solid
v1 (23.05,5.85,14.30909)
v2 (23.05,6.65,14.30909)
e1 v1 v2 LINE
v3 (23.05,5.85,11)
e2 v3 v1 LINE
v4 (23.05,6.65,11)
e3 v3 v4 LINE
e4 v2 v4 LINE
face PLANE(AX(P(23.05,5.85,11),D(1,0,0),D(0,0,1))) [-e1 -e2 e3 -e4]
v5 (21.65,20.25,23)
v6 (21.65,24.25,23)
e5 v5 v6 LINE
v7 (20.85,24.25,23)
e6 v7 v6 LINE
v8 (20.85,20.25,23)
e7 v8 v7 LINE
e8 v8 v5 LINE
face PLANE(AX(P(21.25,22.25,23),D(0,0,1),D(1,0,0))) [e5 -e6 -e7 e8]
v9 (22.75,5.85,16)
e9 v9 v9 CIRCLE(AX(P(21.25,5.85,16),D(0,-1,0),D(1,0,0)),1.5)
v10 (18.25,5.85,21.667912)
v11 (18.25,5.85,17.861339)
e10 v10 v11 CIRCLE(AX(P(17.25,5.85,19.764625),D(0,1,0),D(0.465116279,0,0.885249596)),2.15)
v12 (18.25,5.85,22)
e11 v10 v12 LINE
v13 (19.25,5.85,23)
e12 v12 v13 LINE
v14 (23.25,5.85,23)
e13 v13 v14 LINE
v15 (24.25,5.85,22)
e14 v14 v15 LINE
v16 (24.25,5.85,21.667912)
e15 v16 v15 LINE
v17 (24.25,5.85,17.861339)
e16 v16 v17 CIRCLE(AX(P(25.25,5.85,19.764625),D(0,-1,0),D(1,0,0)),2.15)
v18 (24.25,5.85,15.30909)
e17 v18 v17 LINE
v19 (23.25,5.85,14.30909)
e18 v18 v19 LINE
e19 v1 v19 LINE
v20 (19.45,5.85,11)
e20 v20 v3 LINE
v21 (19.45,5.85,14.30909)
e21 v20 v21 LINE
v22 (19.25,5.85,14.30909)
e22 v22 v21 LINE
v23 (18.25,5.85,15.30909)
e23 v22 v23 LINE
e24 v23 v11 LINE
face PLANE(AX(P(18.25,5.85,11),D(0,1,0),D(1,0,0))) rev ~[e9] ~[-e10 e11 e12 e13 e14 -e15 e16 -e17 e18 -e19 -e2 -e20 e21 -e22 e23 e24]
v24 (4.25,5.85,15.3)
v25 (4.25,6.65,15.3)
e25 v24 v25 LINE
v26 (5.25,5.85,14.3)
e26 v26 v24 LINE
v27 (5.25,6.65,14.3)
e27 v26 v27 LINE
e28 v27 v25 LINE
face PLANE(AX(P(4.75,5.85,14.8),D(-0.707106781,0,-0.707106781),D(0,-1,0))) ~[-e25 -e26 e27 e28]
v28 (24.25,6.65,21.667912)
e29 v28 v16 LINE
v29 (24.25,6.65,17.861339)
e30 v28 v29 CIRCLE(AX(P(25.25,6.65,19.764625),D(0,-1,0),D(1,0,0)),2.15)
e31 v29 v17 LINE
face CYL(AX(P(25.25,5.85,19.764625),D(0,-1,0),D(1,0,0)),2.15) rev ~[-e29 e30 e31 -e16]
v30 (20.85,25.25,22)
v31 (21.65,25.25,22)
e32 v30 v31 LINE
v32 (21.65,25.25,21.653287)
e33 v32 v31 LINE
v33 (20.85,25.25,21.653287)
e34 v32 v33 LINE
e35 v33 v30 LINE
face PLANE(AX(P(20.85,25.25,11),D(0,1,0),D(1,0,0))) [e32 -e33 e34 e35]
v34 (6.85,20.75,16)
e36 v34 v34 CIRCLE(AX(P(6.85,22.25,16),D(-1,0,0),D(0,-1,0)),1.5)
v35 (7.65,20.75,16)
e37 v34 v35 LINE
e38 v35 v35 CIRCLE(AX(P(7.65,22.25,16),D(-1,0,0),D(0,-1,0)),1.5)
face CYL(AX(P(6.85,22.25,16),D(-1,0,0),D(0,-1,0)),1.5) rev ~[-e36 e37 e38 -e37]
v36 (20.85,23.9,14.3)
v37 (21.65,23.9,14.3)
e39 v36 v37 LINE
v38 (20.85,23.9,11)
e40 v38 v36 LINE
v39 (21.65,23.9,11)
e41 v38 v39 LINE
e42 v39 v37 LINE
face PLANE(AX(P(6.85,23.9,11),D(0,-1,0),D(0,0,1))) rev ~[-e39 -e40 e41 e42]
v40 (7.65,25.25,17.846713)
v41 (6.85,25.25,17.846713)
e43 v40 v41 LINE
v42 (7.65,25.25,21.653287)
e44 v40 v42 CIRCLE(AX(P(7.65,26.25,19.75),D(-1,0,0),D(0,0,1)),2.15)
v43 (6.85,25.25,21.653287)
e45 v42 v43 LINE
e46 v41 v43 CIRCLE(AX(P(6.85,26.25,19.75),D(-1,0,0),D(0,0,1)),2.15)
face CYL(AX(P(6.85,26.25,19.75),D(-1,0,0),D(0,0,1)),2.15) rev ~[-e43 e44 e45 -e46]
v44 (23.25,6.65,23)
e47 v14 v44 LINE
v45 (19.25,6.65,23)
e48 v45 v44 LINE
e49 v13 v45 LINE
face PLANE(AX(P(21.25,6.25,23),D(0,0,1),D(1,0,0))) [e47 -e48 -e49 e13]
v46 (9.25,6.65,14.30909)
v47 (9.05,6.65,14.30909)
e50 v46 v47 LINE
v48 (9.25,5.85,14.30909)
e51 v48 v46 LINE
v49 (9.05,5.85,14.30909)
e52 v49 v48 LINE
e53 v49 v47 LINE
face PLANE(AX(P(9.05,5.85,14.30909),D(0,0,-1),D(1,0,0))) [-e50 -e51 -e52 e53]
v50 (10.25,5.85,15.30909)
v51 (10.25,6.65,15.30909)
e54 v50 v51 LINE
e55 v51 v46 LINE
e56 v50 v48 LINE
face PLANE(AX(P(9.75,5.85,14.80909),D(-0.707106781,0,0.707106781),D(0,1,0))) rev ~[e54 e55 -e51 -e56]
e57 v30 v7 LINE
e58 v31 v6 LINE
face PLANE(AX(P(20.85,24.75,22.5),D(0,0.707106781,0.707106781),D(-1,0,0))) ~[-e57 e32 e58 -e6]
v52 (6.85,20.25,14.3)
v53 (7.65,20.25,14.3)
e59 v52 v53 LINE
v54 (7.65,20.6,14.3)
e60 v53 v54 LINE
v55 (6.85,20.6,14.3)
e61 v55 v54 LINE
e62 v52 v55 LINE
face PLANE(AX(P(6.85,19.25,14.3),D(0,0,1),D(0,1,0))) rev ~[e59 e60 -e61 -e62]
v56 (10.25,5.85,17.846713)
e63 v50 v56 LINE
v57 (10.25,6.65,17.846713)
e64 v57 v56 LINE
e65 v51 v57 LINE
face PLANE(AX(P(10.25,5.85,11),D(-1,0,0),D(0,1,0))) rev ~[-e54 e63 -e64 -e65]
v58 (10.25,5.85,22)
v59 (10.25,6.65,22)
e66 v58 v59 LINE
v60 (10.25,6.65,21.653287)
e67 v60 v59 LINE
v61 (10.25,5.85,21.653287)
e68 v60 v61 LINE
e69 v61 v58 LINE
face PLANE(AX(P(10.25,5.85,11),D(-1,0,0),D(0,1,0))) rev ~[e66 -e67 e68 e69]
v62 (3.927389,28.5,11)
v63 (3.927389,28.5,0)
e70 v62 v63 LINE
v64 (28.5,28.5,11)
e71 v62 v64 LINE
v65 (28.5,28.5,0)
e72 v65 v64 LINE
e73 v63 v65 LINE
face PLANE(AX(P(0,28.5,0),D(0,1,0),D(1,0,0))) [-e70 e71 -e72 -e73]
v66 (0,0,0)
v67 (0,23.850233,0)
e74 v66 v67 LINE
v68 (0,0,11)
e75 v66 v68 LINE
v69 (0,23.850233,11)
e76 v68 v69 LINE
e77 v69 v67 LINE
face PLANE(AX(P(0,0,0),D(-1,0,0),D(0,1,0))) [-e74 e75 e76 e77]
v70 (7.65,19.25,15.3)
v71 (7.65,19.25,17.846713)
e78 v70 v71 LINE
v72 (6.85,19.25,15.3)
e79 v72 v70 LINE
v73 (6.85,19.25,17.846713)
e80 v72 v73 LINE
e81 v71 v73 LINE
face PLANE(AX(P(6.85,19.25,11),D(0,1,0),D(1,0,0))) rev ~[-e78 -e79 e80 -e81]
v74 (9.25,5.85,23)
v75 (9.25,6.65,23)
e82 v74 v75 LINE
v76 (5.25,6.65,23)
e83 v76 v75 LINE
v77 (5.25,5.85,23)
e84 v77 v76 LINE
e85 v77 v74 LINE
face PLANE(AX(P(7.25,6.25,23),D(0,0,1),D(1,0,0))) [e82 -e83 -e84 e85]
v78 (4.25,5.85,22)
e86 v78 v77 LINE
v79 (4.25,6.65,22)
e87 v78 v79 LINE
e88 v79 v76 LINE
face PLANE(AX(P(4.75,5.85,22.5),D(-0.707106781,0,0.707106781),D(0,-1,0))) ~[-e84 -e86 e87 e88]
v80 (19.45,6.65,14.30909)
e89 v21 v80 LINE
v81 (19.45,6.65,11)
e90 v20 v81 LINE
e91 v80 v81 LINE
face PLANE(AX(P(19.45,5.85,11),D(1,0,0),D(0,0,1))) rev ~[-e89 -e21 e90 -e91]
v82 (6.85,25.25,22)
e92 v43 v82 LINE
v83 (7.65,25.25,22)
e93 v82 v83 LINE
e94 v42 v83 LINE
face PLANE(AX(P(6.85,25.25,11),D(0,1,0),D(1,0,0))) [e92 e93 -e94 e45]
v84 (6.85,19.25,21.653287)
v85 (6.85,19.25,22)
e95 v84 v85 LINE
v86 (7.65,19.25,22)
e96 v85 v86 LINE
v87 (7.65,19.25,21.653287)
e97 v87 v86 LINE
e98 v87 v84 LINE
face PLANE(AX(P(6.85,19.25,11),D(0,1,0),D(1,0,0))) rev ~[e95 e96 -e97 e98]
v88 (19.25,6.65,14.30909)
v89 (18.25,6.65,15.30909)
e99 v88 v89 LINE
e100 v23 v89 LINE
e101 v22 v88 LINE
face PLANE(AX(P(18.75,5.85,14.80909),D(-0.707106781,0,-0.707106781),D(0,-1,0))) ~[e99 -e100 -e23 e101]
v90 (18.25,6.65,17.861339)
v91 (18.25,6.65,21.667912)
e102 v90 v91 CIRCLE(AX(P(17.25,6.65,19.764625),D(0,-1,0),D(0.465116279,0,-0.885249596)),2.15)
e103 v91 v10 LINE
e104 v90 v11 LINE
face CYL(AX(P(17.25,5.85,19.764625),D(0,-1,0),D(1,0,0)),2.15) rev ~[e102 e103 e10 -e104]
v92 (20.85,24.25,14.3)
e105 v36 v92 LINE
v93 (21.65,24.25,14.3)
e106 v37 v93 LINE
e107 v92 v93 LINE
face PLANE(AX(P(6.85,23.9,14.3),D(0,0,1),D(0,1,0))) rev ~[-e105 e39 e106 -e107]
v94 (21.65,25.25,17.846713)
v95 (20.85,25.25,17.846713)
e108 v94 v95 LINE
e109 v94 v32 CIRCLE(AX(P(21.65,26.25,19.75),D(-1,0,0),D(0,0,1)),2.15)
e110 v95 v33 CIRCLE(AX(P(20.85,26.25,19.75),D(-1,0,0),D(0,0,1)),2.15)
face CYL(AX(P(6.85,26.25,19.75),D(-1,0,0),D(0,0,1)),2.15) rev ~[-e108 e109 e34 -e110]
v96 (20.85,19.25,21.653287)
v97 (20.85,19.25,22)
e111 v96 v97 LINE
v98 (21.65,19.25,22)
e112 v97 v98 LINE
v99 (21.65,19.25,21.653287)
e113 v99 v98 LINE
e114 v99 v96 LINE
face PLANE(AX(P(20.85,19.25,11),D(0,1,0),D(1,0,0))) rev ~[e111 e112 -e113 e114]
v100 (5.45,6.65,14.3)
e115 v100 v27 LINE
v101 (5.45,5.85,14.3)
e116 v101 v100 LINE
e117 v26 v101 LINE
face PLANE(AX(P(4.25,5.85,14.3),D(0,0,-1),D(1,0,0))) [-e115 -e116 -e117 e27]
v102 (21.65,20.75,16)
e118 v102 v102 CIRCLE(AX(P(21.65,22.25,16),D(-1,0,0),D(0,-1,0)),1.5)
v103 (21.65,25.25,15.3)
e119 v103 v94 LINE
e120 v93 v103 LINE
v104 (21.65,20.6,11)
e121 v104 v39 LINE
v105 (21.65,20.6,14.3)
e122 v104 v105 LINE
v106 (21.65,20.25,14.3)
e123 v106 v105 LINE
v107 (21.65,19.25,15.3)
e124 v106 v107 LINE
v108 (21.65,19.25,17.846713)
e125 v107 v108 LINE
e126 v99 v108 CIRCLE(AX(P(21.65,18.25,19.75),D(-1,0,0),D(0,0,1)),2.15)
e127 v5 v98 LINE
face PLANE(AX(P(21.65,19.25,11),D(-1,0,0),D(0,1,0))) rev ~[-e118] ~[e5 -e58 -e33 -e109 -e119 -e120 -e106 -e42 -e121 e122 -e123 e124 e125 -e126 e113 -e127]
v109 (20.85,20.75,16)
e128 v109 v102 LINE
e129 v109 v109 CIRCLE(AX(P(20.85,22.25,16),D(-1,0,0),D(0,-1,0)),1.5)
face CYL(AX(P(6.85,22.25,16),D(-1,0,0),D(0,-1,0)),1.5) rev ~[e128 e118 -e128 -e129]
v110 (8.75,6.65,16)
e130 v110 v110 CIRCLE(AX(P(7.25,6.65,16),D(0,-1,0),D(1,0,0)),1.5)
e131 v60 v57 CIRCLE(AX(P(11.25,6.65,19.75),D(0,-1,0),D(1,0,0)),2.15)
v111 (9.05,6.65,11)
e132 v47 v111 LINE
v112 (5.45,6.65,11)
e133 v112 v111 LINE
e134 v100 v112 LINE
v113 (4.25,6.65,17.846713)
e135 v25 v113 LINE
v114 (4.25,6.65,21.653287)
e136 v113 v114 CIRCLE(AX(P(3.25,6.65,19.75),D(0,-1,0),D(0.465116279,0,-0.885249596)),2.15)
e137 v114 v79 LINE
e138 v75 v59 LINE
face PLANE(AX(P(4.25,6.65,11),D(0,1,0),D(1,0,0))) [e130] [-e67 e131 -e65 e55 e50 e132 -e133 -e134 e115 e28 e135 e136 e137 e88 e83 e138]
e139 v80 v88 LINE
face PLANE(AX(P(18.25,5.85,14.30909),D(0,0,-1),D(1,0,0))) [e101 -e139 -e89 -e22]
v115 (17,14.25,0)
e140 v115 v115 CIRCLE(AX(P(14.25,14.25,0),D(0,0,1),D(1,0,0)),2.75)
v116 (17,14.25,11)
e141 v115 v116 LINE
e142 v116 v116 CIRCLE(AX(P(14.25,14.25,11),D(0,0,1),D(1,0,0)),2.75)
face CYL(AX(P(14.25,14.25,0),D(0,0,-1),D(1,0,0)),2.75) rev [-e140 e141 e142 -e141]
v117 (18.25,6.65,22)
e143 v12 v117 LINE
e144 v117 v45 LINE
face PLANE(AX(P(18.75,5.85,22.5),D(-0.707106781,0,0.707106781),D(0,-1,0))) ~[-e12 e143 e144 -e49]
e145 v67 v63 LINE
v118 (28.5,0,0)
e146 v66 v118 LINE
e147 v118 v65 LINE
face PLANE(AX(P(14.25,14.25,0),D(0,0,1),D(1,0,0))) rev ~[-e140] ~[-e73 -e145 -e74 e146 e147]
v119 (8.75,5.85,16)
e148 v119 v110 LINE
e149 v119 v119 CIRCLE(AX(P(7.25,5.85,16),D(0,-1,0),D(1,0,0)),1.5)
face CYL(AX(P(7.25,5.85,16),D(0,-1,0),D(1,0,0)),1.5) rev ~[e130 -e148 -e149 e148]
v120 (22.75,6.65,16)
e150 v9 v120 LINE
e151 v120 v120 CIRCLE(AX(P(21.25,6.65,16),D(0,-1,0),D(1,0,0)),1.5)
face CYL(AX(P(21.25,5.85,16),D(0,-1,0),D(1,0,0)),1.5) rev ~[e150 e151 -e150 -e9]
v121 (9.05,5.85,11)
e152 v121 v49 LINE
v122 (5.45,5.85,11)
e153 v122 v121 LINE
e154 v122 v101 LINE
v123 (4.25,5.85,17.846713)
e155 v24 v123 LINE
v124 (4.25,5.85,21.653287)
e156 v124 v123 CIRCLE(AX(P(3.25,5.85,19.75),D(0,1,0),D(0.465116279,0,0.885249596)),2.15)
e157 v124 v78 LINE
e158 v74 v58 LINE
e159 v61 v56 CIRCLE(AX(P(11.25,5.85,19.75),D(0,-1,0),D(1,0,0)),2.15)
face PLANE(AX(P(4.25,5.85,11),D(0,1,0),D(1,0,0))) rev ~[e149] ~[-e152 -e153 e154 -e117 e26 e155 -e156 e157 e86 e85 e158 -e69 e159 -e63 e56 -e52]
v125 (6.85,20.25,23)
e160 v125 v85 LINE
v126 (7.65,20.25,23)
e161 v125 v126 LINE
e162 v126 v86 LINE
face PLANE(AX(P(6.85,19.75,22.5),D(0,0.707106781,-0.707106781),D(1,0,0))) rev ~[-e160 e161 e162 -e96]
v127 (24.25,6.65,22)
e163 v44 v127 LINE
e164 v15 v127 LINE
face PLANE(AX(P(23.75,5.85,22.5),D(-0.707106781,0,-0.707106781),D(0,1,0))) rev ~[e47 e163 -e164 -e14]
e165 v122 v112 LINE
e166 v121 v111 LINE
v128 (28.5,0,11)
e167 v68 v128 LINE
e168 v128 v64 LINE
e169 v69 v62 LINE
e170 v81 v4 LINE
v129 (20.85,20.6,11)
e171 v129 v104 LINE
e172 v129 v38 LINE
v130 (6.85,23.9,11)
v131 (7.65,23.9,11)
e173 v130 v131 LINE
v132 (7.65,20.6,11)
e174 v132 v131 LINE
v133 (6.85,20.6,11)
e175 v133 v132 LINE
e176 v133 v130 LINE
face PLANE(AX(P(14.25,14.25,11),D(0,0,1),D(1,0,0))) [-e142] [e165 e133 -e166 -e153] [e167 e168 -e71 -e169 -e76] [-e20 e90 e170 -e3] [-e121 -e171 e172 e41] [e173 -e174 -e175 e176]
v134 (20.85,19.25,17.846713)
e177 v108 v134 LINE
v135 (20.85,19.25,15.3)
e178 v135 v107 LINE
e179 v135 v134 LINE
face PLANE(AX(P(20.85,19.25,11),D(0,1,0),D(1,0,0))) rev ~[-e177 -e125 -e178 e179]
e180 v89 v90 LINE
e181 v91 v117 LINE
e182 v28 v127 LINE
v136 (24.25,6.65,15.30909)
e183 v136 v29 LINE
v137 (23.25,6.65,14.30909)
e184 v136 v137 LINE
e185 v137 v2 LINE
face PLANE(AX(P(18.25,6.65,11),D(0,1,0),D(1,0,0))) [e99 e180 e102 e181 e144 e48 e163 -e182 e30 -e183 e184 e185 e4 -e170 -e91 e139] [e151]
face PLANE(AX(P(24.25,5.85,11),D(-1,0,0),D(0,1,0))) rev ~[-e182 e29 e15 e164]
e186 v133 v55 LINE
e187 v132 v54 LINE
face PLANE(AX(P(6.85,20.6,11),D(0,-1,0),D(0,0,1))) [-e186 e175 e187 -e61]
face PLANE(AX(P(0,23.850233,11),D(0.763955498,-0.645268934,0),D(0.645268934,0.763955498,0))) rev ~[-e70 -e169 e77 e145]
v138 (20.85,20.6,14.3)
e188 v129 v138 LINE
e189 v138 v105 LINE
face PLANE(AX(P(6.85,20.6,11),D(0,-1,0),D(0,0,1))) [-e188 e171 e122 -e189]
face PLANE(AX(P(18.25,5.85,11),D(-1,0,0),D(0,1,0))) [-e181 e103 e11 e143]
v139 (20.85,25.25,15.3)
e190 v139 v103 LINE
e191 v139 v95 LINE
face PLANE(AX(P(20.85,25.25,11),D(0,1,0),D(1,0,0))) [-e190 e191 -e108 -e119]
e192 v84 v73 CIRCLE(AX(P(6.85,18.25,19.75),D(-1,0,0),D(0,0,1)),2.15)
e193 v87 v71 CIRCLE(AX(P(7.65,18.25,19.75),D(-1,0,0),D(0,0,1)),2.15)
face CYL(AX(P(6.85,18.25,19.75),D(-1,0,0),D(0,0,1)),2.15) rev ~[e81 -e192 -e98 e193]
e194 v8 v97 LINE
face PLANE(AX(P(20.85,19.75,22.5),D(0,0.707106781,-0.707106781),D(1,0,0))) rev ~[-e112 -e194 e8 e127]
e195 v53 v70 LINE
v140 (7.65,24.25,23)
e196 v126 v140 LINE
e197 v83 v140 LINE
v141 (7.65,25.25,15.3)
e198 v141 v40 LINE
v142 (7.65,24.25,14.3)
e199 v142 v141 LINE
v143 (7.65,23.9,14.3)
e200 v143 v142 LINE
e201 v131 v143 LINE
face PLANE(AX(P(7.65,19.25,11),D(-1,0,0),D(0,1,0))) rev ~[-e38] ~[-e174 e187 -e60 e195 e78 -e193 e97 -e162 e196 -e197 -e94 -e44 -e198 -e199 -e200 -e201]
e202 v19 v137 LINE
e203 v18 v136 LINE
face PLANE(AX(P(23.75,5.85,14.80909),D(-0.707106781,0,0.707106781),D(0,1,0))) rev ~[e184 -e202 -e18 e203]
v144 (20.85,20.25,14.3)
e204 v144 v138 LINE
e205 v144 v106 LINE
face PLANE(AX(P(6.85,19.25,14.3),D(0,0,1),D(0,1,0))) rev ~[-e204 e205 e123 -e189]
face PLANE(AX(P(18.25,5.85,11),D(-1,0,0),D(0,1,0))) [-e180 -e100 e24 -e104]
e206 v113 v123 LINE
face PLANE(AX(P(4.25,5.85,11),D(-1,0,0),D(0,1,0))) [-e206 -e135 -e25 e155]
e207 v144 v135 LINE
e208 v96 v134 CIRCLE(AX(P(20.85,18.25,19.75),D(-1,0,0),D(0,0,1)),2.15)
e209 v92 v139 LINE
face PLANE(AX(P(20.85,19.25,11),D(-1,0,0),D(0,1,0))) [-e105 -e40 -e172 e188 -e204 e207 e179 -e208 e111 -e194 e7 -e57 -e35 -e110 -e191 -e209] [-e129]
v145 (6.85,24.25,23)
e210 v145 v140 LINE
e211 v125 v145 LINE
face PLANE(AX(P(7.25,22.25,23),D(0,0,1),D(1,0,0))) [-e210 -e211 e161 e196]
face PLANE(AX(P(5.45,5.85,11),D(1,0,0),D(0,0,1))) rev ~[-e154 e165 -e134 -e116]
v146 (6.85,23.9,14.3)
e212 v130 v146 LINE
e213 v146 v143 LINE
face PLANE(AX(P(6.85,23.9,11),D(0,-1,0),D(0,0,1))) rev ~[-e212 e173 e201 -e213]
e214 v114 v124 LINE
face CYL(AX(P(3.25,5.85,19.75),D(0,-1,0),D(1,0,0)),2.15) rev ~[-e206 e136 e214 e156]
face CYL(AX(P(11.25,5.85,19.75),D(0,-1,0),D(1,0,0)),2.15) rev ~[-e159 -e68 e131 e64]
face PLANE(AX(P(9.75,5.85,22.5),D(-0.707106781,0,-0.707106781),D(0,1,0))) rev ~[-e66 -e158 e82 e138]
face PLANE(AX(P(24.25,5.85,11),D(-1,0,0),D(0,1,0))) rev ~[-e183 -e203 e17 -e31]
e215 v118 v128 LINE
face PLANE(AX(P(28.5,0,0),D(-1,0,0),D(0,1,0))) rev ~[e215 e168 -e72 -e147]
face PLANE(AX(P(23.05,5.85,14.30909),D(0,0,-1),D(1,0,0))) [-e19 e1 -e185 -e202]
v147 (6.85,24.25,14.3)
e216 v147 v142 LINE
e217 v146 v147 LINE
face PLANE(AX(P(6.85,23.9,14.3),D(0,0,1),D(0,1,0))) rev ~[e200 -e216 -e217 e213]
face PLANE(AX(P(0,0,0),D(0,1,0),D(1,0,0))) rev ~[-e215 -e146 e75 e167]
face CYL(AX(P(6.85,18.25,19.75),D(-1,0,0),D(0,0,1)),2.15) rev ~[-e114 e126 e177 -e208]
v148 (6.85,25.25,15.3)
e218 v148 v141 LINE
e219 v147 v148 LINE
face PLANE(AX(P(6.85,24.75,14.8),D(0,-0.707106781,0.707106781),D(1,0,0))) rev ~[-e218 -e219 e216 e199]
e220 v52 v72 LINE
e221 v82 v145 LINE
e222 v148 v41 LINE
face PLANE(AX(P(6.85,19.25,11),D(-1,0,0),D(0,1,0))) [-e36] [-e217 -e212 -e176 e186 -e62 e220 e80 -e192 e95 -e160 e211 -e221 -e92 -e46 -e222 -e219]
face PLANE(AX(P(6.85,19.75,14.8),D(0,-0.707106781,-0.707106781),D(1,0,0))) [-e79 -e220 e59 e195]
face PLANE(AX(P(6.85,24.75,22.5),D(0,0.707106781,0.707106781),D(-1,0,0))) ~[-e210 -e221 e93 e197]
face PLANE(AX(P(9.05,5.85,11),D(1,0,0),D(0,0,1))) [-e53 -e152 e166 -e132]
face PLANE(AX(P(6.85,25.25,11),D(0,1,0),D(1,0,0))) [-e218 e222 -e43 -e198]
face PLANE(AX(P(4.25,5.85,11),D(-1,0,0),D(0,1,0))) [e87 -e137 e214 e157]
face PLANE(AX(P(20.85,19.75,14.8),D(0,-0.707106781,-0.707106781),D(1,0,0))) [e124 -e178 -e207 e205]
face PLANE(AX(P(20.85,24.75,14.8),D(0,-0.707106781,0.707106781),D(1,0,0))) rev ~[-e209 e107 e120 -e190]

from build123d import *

# Parameters (mm, degrees)
SKETCH_1_W          = 28.5
SKETCH_1_H          = 28.5
SKETCH_1_R          = 2.75
EXTRUDE_1_DEPTH     = 11
SKETCH_2_W          = 6
SKETCH_2_H          = 0.8
SKETCH_2_W_2        = 0.8
SKETCH_2_H_2        = 6
EXTRUDE_2_DEPTH     = 12
SKETCH_3_R          = 1.5
SKETCH_3_R_2        = 2.15
SKETCH_3_W          = 1.2
SKETCH_3_H          = 3.3
SKETCH_3_H_2        = 3.309090331
CUT_EXTRUDE_1_DEPTH = 2
SKETCH_4_R          = 1.5
SKETCH_4_R_2        = 2.15
SKETCH_4_W          = 3.3
SKETCH_4_H          = 1.35
CUT_EXTRUDE_2_DEPTH = 20
CHAMFER_1_SIZE      = 1
CUT_EXTRUDE_3_DEPTH = 15


with BuildPart() as part:
    # Эскиз1 → Вытянуть1 (new body)
    with BuildSketch(Plane.XY):
        with Locations((14.25, 14.25)):
            Rectangle(SKETCH_1_W, SKETCH_1_H)
        with Locations((14.25, 14.25)):
            Circle(SKETCH_1_R, mode=Mode.SUBTRACT)
    extrude(amount=EXTRUDE_1_DEPTH)

    # Эскиз2 → Вытянуть2 (add)
    with BuildSketch(Plane.XY.offset(11)):
        with Locations((7.25, 6.25)):
            Rectangle(SKETCH_2_W, SKETCH_2_H)
        with Locations((21.25, 6.25)):
            Rectangle(SKETCH_2_W, SKETCH_2_H)
        with Locations((21.25, 22.25)):
            Rectangle(SKETCH_2_W_2, SKETCH_2_H_2)
        with Locations((7.25, 22.25)):
            Rectangle(SKETCH_2_W_2, SKETCH_2_H_2)
    extrude(amount=EXTRUDE_2_DEPTH)

    # Эскиз3 → Вырез-Вытянуть1 (cut)
    with BuildSketch(Plane.XZ.offset(-5.85)):
        with Locations((7.25, 16)):
            Circle(SKETCH_3_R)
        with Locations((21.25, 16)):
            Circle(SKETCH_3_R)
        with Locations((3.25, 19.75)):
            Circle(SKETCH_3_R_2)
        with Locations((11.25, 19.75)):
            Circle(SKETCH_3_R_2)
        with Locations((17.25, 19.764625166)):
            Circle(SKETCH_3_R_2)
        with Locations((25.25, 19.764625166)):
            Circle(SKETCH_3_R_2)
        with Locations((4.85, 12.65)):
            Rectangle(SKETCH_3_W, SKETCH_3_H)
        with Locations((9.65, 12.654545166)):
            Rectangle(SKETCH_3_W, SKETCH_3_H_2)
        with Locations((18.85, 12.654545166)):
            Rectangle(SKETCH_3_W, SKETCH_3_H_2)
        with Locations((23.65, 12.654545166)):
            Rectangle(SKETCH_3_W, SKETCH_3_H_2)
    extrude(amount=-CUT_EXTRUDE_1_DEPTH, mode=Mode.SUBTRACT)

    # Эскиз4 → Вырез-Вытянуть2 (cut)
    with BuildSketch(Plane.ZY.offset(-6.85)):
        with Locations(Location((16, 22.25, 0), (0, 0, 270))):
            Circle(SKETCH_4_R)
        with Locations((19.75, 18.25)):
            Circle(SKETCH_4_R_2)
        with Locations((19.75, 26.25)):
            Circle(SKETCH_4_R_2)
        with Locations((12.65, 24.575)):
            Rectangle(SKETCH_4_W, SKETCH_4_H)
        with Locations((12.65, 19.925)):
            Rectangle(SKETCH_4_W, SKETCH_4_H)
    extrude(amount=-CUT_EXTRUDE_2_DEPTH, mode=Mode.SUBTRACT)

    # Фаска1
    chamfer_1_edges = [part.edges().sort_by_distance(p)[0] for p in [
        (4.25, 6.25, 14.3),
        (4.25, 6.25, 23),
        (10.25, 6.25, 23),
        (10.25, 6.25, 14.309090331),
        (18.25, 6.25, 14.309090331),
        (18.25, 6.25, 23),
        (24.25, 6.25, 23),
        (24.25, 6.25, 14.309090331),
        (21.25, 25.25, 14.3),
        (21.25, 19.25, 14.3),
        (21.25, 19.25, 23),
        (21.25, 25.25, 23),
        (7.25, 25.25, 14.3),
        (7.25, 19.25, 14.3),
        (7.25, 19.25, 23),
        (7.25, 25.25, 23),
    ]]
    chamfer(chamfer_1_edges, length=CHAMFER_1_SIZE)

    # Эскиз5 → Вырез-Вытянуть3 (cut)
    with BuildSketch(Plane.XY.offset(11)):
        Polygon((3.927388562, 28.5), (0, 28.5), (0, 23.850233168), align=None)
    extrude(amount=-CUT_EXTRUDE_3_DEPTH, mode=Mode.SUBTRACT)


solid = part.part
